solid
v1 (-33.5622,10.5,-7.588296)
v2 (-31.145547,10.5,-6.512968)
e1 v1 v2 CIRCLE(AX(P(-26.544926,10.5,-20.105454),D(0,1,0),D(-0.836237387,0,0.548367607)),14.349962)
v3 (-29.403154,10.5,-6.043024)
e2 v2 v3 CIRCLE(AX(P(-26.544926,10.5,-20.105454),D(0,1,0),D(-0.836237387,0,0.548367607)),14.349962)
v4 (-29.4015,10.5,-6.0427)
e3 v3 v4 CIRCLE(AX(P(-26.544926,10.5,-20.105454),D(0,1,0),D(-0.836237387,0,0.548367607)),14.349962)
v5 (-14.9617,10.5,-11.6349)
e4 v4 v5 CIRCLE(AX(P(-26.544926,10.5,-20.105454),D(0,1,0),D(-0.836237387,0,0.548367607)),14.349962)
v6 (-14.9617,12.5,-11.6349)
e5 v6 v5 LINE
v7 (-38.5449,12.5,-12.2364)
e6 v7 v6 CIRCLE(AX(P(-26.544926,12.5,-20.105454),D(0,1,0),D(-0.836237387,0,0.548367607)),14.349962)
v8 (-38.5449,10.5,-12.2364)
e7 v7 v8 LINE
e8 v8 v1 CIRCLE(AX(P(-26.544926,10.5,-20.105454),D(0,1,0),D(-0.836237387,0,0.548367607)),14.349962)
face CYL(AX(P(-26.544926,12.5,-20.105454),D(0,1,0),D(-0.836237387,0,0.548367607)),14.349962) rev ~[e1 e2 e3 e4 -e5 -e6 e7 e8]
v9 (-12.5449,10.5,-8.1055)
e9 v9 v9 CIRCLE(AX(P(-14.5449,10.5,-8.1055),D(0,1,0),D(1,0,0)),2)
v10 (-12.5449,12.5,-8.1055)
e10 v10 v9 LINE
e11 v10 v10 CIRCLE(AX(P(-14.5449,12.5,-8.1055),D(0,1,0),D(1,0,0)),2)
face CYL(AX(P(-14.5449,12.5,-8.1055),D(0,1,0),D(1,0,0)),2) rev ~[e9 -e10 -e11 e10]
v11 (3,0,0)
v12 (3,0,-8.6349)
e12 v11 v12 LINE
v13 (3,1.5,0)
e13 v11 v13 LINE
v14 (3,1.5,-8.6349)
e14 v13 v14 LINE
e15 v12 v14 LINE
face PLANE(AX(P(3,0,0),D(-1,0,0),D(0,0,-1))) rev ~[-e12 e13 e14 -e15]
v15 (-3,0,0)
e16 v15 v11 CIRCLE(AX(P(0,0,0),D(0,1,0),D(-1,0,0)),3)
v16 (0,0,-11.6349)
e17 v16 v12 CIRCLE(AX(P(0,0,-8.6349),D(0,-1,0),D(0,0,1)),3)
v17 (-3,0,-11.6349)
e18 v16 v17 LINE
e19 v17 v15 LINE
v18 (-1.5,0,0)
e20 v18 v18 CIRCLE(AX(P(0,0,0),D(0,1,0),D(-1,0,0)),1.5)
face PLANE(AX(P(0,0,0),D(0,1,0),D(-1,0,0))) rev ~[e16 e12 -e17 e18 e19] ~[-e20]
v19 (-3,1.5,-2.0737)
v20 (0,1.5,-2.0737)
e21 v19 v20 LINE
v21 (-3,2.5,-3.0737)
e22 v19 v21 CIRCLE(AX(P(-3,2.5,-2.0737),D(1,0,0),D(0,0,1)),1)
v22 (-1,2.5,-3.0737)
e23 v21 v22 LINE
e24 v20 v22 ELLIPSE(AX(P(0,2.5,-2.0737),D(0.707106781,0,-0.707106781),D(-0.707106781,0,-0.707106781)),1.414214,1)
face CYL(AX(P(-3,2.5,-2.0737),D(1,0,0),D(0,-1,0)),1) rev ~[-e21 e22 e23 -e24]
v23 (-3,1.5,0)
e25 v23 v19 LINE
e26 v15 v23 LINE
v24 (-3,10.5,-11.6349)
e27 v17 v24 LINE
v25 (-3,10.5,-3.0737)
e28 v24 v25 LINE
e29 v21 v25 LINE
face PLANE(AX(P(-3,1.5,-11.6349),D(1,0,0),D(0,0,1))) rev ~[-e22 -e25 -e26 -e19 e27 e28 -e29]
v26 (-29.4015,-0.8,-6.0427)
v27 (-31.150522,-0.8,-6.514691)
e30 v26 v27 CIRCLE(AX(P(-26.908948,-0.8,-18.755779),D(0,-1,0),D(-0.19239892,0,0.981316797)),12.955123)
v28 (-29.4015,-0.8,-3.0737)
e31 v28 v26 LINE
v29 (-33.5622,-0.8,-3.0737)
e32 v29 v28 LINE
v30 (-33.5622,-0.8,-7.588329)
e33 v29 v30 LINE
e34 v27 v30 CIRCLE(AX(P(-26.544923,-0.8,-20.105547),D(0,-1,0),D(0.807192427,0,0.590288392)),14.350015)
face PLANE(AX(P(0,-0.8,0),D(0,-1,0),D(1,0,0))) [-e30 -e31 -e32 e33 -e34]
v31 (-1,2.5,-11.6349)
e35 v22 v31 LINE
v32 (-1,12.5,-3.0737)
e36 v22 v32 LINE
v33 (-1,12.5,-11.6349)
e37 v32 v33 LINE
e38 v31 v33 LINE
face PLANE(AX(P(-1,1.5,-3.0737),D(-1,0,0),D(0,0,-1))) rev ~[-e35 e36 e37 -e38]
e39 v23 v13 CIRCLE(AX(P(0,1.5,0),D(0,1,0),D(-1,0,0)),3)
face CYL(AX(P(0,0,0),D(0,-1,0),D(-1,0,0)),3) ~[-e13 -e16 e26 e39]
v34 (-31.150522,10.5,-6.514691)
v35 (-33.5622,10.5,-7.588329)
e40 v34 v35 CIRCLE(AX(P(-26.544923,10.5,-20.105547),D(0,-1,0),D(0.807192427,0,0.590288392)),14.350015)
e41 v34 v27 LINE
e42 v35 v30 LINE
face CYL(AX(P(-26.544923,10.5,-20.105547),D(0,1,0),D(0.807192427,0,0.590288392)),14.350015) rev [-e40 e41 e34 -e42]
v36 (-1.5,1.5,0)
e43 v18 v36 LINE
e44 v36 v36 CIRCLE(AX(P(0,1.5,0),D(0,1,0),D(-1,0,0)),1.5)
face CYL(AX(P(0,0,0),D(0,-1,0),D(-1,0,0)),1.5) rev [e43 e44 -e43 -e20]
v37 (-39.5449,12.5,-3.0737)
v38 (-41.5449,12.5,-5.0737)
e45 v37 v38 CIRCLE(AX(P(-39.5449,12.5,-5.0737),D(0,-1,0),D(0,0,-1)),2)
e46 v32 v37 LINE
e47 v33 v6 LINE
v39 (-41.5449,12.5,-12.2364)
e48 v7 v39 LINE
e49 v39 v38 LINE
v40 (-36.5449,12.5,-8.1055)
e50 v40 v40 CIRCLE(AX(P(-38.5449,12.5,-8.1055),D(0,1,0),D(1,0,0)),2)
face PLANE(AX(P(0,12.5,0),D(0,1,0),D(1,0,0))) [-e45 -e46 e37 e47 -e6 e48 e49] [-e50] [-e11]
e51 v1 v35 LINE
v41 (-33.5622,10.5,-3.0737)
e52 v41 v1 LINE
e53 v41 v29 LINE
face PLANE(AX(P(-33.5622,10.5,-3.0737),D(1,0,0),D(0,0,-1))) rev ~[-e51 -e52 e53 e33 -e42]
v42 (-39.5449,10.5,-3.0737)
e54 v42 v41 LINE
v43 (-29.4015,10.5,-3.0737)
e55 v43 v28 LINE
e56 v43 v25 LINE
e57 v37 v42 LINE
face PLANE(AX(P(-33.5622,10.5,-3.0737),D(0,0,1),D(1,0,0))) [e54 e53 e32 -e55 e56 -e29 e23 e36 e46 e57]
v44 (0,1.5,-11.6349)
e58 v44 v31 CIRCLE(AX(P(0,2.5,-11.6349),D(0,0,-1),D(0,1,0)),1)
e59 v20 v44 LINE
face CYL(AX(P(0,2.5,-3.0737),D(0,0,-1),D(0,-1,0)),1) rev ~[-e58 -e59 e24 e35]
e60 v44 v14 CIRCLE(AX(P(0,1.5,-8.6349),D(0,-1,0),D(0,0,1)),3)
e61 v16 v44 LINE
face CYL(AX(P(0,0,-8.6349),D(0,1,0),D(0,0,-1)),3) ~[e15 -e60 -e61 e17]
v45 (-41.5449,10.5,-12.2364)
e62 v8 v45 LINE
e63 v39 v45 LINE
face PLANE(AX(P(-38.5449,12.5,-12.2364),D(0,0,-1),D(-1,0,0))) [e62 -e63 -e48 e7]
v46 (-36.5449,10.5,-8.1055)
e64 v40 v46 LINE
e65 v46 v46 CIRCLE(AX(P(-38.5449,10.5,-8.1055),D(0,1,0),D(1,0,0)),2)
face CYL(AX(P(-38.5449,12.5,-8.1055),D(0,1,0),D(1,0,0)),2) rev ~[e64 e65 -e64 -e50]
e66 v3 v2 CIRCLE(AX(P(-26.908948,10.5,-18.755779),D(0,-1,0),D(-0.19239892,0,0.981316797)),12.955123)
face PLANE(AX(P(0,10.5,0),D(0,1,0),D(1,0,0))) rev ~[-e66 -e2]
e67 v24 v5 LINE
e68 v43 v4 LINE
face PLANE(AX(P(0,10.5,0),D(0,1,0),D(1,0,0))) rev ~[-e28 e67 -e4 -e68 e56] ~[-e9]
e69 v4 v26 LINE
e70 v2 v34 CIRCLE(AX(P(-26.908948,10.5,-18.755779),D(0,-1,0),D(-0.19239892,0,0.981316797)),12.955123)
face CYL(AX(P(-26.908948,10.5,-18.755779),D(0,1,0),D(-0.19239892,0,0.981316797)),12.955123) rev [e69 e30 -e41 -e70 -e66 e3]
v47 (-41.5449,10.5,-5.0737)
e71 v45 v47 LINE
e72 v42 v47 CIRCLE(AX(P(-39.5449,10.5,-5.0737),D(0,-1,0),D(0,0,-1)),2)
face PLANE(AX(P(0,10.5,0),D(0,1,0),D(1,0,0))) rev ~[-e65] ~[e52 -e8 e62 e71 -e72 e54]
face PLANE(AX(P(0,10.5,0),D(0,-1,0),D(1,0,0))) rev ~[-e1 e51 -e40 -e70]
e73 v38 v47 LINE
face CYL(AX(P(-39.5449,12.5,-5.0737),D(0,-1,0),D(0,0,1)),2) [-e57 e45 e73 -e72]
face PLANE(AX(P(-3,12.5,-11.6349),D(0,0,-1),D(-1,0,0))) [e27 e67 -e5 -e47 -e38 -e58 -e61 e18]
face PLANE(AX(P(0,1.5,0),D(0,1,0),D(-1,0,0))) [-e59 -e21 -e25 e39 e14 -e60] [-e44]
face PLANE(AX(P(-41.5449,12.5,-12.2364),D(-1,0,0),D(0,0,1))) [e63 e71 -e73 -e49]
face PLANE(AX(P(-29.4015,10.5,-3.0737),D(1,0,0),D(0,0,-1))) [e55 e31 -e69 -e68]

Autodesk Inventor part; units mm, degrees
ref_plane "YZ Plane" through (0, 0, 0) normal (1, 0, 0) x (0, 1, 0)
ref_plane "XZ Plane" through (0, 0, 0) normal (0, 1, 0) x (-1, 0, 0)
ref_plane "XY Plane" through (0, 0, 0) normal (0, 0, 1) x (1, 0, 0)
sketch "Esquisse1" plane through (0, 0, 0) normal (0, 1, 0) x (-1, 0, 0)
  line L0 (-3.2157, 3.3261) -> (82.1119, 3.3261) construction
  line L1 (82.1119, 3.3261) -> (82.1119, -52.6739) construction
  line L2 (82.1119, -52.6739) -> (-3.2157, -52.6739) construction
  line L3 (-3.2157, -52.6739) -> (-3.2157, 3.3261) construction
  circle A0 centre (0, 0) radius 1.5
  circle A1 centre (0, 0) radius 3
  line L4 (3, 0) -> (3, -3.0737)
  line L5 (-3, 0) -> (-3, -11.6349)
  line L6 (-3, -11.6349) -> (14.9617, -11.6349)
  line L7 (41.5449, -5.1055) -> (11.5449, -5.1055) construction
  line L8 (11.5449, -5.1055) -> (11.5449, -35.1055) construction
  line L9 (11.5449, -35.1055) -> (41.5449, -35.1055) construction
  line L10 (41.5449, -35.1055) -> (41.5449, -5.1055) construction
  line L11 (41.5449, -5.1055) -> (11.5449, -35.1055) construction
  line L12 (11.5449, -5.1055) -> (41.5449, -35.1055) construction
  line L13 (14.5449, -8.1055) -> (38.5449, -8.1055) construction
  line L14 (38.5449, -8.1055) -> (38.5449, -32.1055) construction
  line L15 (38.5449, -32.1055) -> (14.5449, -32.1055) construction
  line L16 (14.5449, -32.1055) -> (14.5449, -8.1055) construction
  line L17 (14.5449, -8.1055) -> (38.5449, -32.1055) construction
  line L18 (38.5449, -8.1055) -> (14.5449, -32.1055) construction
  circle A2 centre (38.5449, -8.1055) radius 2
  circle A3 centre (14.5449, -8.1055) radius 2
  circle A4 centre (14.5449, -32.1055) radius 2 construction
  circle A5 centre (38.5449, -32.1055) radius 2 construction
  circle A6 centre (26.5449, -20.1055) radius 14.35 construction
  arc A7 (38.5449, -12.2364) -> (14.9617, -11.6349) centre (26.5449, -20.1055) ccw
  line L19 (38.5449, -12.2364) -> (41.5449, -12.2364)
  line L20 (41.5449, -12.2364) -> (41.5449, -3.0737)
  line L21 (41.5449, -3.0737) -> (3, -3.0737)
  line L22 (3, -3.0737) -> (3, -11.6349)
  dimension "d1" = 56
  dimension "d9" = 3
  dimension "d10" = 6
  dimension "d20" = 30
  dimension "d21" = 24
  dimension "d22" = 4
  dimension "d23" = 4
  dimension "d24" = 4
  dimension "d25" = 4
  dimension "d34" = 28.7
extrude "Extrusion3" add sketch "Esquisse1" along normal blind 1.5 contours A1 | L4 L22 L6 L5 A1
sketch "Esquisse3" plane through (0, 1.5, 0) normal (0, 1, 0) x (1, 0, 0)
  line L0 (-41.5449, 3.0737) -> (-3, 3.0737) projected
  line L1 (3, 11.6349) -> (-14.9617, 11.6349) projected
  line L2 (-3, 11.6349) -> (-3, 0) projected
  line L3 (3, 11.6349) -> (-3, 11.6349) projected
  line L4 (-3, 3.0737) -> (-1, 3.0737)
  line L5 (-1, 3.0737) -> (-1, 11.6349)
  line L6 (-1, 11.6349) -> (-3, 11.6349)
  line L7 (-3, 11.6349) -> (-3, 3.0737)
  point P0 (0, 0)
  dimension "d59" = 2
extrude "Extrusion4" add sketch "Esquisse3" along normal blind 11
sketch "Esquisse4" plane through (0, 12.5, 0) normal (0, 1, 0) x (1, 0, 0)
  line L0 (3, 11.6349) -> (-14.9617, 11.6349) projected
  line L1 (-41.5449, 3.0737) -> (-3, 3.0737) projected
  circle A0 centre (-14.5449, 8.1055) radius 2 projected
  arc A1 (-38.5449, 12.2364) -> (-14.9617, 11.6349) centre (-26.5449, 20.1055) ccw projected
  circle A2 centre (-38.5449, 8.1055) radius 2 projected
  line L2 (-38.5449, 12.2364) -> (-41.5449, 12.2364) projected
  line L3 (-41.5449, 12.2364) -> (-41.5449, 3.0737)
  line L4 (3, 11.6349) -> (-3, 11.6349) projected
  line L5 (-1, 3.0737) -> (-3, 3.0737) projected
  line L6 (-3, 11.6349) -> (-3, 3.0737)
  point P0 (0, 0)
extrude "Extrusion5" add sketch "Esquisse4" against normal blind 2
sketch "Esquisse5" plane through (0, 10.5, 0) normal (0, -1, 0) x (1, 0, 0)
  line L0 (-41.5449, -3.0737) -> (-1, -3.0737) projected
  line L1 (-33.5622, -3.0737) -> (-33.5622, -7.6396)
  line L2 (-29.4015, -3.0737) -> (-29.4015, -6.0427)
  arc A0 (-14.9617, -11.6349) -> (-38.5449, -12.2364) centre (-26.5449, -20.1055) ccw projected
  arc A1 (-29.4015, -6.0427) -> (-33.5622, -7.6396) centre (-26.909, -18.7556) ccw
  line L3 (-33.5622, -3.0737) -> (-29.4015, -3.0737)
  point P0 (0, 0)
  point P1 (-31.1473, -6.5135)
  point P2 (-33.5622, -7.5883)
extrude "Extrusion6" add sketch "Esquisse5" along normal blind 11.3 contours L0 L2 A1 A0 L1
fillet "Congé3" radius 3 1 edges at (3, 0.75, -11.6349)
fillet "Congé4" radius 1 2 edges at (-1, 1.5, -7.3543) (-2, 1.5, -3.0737)
fillet "Congé5" radius 2 1 edges at (-41.5449, 11.5, -3.0737)
equation "\"d23\" = d22"
equation "\"d24\" = d22"
equation "\"d25\" = d22"
properties part number "raspberry_fan_holder"
